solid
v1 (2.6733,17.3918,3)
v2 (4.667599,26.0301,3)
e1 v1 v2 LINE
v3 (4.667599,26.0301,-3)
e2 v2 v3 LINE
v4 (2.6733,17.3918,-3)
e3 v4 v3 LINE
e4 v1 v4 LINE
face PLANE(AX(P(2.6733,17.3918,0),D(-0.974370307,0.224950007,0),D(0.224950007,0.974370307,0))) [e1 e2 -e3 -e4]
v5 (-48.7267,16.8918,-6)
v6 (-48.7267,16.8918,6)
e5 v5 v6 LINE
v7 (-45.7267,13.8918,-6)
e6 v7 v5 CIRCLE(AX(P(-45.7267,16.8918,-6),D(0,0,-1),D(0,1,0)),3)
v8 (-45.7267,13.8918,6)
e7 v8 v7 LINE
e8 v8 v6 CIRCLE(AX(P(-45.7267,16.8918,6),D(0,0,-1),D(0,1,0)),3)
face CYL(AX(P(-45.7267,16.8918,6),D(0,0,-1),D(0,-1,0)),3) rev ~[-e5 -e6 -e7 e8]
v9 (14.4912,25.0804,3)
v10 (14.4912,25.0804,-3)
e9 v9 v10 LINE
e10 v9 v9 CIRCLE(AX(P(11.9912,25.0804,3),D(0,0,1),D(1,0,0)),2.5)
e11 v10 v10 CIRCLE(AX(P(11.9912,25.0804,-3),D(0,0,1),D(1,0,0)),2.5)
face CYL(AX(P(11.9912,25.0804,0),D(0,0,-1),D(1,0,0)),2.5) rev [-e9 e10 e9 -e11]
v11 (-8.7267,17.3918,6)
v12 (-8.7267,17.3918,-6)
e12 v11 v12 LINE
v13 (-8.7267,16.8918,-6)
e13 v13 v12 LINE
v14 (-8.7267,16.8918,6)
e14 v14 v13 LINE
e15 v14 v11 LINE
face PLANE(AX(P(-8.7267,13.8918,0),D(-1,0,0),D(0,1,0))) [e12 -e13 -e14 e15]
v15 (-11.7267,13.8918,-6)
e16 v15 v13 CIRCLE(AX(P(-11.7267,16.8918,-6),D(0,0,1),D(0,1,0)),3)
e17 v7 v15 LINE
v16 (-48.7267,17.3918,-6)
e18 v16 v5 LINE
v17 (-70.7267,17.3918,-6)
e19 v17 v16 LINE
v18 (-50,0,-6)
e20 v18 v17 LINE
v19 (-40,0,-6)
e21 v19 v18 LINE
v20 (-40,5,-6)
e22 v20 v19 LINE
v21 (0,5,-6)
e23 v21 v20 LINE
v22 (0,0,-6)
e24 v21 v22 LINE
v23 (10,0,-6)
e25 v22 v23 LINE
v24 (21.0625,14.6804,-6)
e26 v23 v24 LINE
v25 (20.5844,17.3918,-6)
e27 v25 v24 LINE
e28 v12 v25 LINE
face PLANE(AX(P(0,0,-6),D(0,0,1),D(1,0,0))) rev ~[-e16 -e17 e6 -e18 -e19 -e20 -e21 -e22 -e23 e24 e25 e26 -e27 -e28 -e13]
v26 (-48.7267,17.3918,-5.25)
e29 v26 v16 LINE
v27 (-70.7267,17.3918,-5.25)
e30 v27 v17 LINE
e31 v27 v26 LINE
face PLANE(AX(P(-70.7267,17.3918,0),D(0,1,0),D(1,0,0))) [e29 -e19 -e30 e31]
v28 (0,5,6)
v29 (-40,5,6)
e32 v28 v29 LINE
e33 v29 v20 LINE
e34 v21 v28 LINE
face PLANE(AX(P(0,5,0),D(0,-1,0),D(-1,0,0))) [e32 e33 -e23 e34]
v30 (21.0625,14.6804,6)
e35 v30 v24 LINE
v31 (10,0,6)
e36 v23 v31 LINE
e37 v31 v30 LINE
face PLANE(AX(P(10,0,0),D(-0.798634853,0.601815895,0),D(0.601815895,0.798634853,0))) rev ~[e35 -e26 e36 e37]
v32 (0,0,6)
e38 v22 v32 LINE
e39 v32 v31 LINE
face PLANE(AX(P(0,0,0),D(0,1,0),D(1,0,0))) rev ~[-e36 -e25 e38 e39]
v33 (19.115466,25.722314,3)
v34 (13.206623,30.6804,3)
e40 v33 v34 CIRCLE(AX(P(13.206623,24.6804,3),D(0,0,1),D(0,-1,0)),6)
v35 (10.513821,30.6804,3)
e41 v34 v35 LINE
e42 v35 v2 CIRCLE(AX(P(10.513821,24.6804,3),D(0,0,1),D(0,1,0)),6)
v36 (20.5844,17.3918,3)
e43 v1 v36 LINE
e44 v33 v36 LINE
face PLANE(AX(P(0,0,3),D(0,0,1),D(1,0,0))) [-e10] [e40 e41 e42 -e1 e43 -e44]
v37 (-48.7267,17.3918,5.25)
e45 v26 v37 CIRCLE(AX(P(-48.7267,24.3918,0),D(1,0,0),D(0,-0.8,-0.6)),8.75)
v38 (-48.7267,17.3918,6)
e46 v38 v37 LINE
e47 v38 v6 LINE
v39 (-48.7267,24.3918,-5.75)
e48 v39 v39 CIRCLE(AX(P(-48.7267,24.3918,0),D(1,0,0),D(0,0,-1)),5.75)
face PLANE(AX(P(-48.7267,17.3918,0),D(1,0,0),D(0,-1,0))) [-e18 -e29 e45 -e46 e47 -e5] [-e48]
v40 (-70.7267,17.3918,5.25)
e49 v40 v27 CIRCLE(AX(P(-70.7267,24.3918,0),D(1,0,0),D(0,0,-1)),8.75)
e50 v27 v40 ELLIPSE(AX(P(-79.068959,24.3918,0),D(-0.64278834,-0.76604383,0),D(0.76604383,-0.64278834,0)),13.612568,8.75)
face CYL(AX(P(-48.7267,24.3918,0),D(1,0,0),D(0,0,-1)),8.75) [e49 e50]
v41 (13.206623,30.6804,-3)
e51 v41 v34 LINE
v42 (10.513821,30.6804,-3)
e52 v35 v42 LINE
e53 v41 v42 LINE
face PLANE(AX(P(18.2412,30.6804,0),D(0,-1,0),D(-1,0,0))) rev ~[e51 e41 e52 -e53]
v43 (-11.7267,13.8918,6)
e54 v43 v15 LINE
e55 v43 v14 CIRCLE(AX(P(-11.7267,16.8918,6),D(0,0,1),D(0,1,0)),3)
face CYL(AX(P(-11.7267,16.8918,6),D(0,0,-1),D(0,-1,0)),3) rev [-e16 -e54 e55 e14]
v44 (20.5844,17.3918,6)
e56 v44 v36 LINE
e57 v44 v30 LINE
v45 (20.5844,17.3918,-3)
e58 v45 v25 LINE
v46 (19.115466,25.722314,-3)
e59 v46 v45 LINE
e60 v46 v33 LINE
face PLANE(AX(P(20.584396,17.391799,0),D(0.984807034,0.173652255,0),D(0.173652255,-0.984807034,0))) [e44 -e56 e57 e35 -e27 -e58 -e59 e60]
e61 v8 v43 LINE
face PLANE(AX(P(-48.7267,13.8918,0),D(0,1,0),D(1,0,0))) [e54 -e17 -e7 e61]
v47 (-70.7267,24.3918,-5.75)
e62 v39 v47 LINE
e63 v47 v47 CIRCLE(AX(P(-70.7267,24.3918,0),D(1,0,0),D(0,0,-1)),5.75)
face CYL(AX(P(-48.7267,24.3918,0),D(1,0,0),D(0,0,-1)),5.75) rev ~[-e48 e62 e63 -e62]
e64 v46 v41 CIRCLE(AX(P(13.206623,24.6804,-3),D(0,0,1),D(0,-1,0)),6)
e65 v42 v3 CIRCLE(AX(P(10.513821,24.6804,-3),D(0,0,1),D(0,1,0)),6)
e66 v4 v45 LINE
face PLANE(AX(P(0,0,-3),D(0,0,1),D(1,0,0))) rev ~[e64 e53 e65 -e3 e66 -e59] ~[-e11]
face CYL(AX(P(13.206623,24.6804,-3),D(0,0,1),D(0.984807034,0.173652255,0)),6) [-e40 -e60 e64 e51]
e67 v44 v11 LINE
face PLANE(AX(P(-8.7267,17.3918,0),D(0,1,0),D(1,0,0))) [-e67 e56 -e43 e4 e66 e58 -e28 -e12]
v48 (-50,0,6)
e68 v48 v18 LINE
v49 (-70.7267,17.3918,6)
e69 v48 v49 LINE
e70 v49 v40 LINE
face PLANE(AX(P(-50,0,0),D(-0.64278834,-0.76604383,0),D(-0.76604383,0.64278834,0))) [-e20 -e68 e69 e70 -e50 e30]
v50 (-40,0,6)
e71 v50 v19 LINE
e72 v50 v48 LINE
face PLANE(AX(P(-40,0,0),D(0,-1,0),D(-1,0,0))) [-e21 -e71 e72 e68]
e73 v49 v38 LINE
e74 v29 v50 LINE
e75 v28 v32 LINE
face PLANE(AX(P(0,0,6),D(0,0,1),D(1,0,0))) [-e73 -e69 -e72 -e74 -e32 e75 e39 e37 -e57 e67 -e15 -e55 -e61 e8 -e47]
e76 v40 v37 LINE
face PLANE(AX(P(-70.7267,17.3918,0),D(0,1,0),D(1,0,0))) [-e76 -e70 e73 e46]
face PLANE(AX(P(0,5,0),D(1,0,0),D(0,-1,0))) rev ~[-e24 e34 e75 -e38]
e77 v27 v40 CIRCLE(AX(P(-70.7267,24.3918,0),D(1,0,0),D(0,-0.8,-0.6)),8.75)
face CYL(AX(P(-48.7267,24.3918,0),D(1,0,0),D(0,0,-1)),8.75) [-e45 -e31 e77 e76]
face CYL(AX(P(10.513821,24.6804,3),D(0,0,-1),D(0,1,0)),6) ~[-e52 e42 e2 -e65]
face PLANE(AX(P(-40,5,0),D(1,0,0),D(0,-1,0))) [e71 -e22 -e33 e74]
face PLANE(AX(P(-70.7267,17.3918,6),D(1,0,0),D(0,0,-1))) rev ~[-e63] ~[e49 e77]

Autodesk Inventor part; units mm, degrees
ref_plane "YZ Plane" through (0, 0, 0) normal (1, 0, 0) x (0, 1, 0)
ref_plane "XZ Plane" through (0, 0, 0) normal (0, 1, 0) x (-1, 0, 0)
ref_plane "XY Plane" through (0, 0, 0) normal (0, 0, 1) x (1, 0, 0)
sketch "Szkic1" plane through (0, 0, 0) normal (0, 0, 1) x (1, 0, 0)
  line L0 (0, 5) -> (0, 0)
  line L1 (0, 0) -> (10, 0)
  line L2 (0, 5) -> (-40, 5)
  line L3 (-40, 5) -> (-40, 0)
  line L4 (-40, 0) -> (-50, 0)
  line L5 (-50, 0) -> (-70.7267, 17.3918)
  line L6 (-70.7267, 17.3918) -> (-48.7267, 17.3918)
  line L7 (-48.7267, 17.3918) -> (-48.7267, 13.8918)
  line L8 (-48.7267, 13.8918) -> (-8.7267, 13.8918)
  line L9 (-8.7267, 13.8918) -> (-8.7267, 17.3918)
  line L10 (-8.7267, 17.3918) -> (2.6733, 17.3918)
  line L11 (2.6733, 17.3918) -> (5.7412, 30.6804)
  line L12 (18.2412, 30.6804) -> (5.7412, 30.6804)
  line L13 (10, 0) -> (21.0625, 14.6804)
  line L14 (18.2412, 30.6804) -> (21.0625, 14.6804)
  circle A0 centre (11.9912, 25.0804) radius 2.5
  line L15 (2.6733, 17.3918) -> (20.5844, 17.3918)
  point P0 (11.9912, 30.6804)
  dimension "d0" = 10
  dimension "d1" = 40
  dimension "d2" = 10
  dimension "d3" = 22
  dimension "d4" = 3.5
  dimension "d5" = 40
  dimension "d6" = 11.4
  dimension "d7" = 103
  dimension "d8" = 12.5
  dimension "d9" = 127
  dimension "d10" = 16
  dimension "d11" = 5
  dimension "d12" = 133
  dimension "d13" = 5
  dimension "d14" = 5.6
extrude "Wyciągnięcie proste1" add sketch "Szkic1" along normal mid plane 12 contours L2 L3 L4 L5 L6 L7 L8 L9 L10 L15 L14 L13 L1 L0
extrude "Wyciągnięcie proste2" add sketch "Szkic1" along normal mid plane 6 contours L15 L11 L12 L14
fillet "Zaokrąglenie1" radius 3 1 edges at (-48.7267, 13.8918, 0)
fillet "Zaokrąglenie2" radius 3 1 edges at (-8.7267, 13.8918, 0)
fillet "Zaokrąglenie3" radius 6 1 edges at (18.2412, 30.6804, 0)
fillet "Zaokrąglenie4" radius 6 1 edges at (5.7412, 30.6804, 0)
sketch "Szkic3" plane through (-48.7267, 17.3918, 6) normal (1, 0, 0) x (0, 0, -1)
  line L0 (12, 0) -> (0, 0) projected
  circle A0 centre (6, 7) radius 8.75
  circle A1 centre (6, 7) radius 5.75
  point P0 (6, -17.3918)
  dimension "d39" = 17.5
  dimension "d40" = 11.5
extrude "Wyciągnięcie proste3" add sketch "Szkic3" against normal blind 22 contours A0 L0 | L0 A0 | A1
extrude "Wyciągnięcie proste4" cut sketch "Szkic3" against normal blind 22 contours A1
properties material "Stal"
